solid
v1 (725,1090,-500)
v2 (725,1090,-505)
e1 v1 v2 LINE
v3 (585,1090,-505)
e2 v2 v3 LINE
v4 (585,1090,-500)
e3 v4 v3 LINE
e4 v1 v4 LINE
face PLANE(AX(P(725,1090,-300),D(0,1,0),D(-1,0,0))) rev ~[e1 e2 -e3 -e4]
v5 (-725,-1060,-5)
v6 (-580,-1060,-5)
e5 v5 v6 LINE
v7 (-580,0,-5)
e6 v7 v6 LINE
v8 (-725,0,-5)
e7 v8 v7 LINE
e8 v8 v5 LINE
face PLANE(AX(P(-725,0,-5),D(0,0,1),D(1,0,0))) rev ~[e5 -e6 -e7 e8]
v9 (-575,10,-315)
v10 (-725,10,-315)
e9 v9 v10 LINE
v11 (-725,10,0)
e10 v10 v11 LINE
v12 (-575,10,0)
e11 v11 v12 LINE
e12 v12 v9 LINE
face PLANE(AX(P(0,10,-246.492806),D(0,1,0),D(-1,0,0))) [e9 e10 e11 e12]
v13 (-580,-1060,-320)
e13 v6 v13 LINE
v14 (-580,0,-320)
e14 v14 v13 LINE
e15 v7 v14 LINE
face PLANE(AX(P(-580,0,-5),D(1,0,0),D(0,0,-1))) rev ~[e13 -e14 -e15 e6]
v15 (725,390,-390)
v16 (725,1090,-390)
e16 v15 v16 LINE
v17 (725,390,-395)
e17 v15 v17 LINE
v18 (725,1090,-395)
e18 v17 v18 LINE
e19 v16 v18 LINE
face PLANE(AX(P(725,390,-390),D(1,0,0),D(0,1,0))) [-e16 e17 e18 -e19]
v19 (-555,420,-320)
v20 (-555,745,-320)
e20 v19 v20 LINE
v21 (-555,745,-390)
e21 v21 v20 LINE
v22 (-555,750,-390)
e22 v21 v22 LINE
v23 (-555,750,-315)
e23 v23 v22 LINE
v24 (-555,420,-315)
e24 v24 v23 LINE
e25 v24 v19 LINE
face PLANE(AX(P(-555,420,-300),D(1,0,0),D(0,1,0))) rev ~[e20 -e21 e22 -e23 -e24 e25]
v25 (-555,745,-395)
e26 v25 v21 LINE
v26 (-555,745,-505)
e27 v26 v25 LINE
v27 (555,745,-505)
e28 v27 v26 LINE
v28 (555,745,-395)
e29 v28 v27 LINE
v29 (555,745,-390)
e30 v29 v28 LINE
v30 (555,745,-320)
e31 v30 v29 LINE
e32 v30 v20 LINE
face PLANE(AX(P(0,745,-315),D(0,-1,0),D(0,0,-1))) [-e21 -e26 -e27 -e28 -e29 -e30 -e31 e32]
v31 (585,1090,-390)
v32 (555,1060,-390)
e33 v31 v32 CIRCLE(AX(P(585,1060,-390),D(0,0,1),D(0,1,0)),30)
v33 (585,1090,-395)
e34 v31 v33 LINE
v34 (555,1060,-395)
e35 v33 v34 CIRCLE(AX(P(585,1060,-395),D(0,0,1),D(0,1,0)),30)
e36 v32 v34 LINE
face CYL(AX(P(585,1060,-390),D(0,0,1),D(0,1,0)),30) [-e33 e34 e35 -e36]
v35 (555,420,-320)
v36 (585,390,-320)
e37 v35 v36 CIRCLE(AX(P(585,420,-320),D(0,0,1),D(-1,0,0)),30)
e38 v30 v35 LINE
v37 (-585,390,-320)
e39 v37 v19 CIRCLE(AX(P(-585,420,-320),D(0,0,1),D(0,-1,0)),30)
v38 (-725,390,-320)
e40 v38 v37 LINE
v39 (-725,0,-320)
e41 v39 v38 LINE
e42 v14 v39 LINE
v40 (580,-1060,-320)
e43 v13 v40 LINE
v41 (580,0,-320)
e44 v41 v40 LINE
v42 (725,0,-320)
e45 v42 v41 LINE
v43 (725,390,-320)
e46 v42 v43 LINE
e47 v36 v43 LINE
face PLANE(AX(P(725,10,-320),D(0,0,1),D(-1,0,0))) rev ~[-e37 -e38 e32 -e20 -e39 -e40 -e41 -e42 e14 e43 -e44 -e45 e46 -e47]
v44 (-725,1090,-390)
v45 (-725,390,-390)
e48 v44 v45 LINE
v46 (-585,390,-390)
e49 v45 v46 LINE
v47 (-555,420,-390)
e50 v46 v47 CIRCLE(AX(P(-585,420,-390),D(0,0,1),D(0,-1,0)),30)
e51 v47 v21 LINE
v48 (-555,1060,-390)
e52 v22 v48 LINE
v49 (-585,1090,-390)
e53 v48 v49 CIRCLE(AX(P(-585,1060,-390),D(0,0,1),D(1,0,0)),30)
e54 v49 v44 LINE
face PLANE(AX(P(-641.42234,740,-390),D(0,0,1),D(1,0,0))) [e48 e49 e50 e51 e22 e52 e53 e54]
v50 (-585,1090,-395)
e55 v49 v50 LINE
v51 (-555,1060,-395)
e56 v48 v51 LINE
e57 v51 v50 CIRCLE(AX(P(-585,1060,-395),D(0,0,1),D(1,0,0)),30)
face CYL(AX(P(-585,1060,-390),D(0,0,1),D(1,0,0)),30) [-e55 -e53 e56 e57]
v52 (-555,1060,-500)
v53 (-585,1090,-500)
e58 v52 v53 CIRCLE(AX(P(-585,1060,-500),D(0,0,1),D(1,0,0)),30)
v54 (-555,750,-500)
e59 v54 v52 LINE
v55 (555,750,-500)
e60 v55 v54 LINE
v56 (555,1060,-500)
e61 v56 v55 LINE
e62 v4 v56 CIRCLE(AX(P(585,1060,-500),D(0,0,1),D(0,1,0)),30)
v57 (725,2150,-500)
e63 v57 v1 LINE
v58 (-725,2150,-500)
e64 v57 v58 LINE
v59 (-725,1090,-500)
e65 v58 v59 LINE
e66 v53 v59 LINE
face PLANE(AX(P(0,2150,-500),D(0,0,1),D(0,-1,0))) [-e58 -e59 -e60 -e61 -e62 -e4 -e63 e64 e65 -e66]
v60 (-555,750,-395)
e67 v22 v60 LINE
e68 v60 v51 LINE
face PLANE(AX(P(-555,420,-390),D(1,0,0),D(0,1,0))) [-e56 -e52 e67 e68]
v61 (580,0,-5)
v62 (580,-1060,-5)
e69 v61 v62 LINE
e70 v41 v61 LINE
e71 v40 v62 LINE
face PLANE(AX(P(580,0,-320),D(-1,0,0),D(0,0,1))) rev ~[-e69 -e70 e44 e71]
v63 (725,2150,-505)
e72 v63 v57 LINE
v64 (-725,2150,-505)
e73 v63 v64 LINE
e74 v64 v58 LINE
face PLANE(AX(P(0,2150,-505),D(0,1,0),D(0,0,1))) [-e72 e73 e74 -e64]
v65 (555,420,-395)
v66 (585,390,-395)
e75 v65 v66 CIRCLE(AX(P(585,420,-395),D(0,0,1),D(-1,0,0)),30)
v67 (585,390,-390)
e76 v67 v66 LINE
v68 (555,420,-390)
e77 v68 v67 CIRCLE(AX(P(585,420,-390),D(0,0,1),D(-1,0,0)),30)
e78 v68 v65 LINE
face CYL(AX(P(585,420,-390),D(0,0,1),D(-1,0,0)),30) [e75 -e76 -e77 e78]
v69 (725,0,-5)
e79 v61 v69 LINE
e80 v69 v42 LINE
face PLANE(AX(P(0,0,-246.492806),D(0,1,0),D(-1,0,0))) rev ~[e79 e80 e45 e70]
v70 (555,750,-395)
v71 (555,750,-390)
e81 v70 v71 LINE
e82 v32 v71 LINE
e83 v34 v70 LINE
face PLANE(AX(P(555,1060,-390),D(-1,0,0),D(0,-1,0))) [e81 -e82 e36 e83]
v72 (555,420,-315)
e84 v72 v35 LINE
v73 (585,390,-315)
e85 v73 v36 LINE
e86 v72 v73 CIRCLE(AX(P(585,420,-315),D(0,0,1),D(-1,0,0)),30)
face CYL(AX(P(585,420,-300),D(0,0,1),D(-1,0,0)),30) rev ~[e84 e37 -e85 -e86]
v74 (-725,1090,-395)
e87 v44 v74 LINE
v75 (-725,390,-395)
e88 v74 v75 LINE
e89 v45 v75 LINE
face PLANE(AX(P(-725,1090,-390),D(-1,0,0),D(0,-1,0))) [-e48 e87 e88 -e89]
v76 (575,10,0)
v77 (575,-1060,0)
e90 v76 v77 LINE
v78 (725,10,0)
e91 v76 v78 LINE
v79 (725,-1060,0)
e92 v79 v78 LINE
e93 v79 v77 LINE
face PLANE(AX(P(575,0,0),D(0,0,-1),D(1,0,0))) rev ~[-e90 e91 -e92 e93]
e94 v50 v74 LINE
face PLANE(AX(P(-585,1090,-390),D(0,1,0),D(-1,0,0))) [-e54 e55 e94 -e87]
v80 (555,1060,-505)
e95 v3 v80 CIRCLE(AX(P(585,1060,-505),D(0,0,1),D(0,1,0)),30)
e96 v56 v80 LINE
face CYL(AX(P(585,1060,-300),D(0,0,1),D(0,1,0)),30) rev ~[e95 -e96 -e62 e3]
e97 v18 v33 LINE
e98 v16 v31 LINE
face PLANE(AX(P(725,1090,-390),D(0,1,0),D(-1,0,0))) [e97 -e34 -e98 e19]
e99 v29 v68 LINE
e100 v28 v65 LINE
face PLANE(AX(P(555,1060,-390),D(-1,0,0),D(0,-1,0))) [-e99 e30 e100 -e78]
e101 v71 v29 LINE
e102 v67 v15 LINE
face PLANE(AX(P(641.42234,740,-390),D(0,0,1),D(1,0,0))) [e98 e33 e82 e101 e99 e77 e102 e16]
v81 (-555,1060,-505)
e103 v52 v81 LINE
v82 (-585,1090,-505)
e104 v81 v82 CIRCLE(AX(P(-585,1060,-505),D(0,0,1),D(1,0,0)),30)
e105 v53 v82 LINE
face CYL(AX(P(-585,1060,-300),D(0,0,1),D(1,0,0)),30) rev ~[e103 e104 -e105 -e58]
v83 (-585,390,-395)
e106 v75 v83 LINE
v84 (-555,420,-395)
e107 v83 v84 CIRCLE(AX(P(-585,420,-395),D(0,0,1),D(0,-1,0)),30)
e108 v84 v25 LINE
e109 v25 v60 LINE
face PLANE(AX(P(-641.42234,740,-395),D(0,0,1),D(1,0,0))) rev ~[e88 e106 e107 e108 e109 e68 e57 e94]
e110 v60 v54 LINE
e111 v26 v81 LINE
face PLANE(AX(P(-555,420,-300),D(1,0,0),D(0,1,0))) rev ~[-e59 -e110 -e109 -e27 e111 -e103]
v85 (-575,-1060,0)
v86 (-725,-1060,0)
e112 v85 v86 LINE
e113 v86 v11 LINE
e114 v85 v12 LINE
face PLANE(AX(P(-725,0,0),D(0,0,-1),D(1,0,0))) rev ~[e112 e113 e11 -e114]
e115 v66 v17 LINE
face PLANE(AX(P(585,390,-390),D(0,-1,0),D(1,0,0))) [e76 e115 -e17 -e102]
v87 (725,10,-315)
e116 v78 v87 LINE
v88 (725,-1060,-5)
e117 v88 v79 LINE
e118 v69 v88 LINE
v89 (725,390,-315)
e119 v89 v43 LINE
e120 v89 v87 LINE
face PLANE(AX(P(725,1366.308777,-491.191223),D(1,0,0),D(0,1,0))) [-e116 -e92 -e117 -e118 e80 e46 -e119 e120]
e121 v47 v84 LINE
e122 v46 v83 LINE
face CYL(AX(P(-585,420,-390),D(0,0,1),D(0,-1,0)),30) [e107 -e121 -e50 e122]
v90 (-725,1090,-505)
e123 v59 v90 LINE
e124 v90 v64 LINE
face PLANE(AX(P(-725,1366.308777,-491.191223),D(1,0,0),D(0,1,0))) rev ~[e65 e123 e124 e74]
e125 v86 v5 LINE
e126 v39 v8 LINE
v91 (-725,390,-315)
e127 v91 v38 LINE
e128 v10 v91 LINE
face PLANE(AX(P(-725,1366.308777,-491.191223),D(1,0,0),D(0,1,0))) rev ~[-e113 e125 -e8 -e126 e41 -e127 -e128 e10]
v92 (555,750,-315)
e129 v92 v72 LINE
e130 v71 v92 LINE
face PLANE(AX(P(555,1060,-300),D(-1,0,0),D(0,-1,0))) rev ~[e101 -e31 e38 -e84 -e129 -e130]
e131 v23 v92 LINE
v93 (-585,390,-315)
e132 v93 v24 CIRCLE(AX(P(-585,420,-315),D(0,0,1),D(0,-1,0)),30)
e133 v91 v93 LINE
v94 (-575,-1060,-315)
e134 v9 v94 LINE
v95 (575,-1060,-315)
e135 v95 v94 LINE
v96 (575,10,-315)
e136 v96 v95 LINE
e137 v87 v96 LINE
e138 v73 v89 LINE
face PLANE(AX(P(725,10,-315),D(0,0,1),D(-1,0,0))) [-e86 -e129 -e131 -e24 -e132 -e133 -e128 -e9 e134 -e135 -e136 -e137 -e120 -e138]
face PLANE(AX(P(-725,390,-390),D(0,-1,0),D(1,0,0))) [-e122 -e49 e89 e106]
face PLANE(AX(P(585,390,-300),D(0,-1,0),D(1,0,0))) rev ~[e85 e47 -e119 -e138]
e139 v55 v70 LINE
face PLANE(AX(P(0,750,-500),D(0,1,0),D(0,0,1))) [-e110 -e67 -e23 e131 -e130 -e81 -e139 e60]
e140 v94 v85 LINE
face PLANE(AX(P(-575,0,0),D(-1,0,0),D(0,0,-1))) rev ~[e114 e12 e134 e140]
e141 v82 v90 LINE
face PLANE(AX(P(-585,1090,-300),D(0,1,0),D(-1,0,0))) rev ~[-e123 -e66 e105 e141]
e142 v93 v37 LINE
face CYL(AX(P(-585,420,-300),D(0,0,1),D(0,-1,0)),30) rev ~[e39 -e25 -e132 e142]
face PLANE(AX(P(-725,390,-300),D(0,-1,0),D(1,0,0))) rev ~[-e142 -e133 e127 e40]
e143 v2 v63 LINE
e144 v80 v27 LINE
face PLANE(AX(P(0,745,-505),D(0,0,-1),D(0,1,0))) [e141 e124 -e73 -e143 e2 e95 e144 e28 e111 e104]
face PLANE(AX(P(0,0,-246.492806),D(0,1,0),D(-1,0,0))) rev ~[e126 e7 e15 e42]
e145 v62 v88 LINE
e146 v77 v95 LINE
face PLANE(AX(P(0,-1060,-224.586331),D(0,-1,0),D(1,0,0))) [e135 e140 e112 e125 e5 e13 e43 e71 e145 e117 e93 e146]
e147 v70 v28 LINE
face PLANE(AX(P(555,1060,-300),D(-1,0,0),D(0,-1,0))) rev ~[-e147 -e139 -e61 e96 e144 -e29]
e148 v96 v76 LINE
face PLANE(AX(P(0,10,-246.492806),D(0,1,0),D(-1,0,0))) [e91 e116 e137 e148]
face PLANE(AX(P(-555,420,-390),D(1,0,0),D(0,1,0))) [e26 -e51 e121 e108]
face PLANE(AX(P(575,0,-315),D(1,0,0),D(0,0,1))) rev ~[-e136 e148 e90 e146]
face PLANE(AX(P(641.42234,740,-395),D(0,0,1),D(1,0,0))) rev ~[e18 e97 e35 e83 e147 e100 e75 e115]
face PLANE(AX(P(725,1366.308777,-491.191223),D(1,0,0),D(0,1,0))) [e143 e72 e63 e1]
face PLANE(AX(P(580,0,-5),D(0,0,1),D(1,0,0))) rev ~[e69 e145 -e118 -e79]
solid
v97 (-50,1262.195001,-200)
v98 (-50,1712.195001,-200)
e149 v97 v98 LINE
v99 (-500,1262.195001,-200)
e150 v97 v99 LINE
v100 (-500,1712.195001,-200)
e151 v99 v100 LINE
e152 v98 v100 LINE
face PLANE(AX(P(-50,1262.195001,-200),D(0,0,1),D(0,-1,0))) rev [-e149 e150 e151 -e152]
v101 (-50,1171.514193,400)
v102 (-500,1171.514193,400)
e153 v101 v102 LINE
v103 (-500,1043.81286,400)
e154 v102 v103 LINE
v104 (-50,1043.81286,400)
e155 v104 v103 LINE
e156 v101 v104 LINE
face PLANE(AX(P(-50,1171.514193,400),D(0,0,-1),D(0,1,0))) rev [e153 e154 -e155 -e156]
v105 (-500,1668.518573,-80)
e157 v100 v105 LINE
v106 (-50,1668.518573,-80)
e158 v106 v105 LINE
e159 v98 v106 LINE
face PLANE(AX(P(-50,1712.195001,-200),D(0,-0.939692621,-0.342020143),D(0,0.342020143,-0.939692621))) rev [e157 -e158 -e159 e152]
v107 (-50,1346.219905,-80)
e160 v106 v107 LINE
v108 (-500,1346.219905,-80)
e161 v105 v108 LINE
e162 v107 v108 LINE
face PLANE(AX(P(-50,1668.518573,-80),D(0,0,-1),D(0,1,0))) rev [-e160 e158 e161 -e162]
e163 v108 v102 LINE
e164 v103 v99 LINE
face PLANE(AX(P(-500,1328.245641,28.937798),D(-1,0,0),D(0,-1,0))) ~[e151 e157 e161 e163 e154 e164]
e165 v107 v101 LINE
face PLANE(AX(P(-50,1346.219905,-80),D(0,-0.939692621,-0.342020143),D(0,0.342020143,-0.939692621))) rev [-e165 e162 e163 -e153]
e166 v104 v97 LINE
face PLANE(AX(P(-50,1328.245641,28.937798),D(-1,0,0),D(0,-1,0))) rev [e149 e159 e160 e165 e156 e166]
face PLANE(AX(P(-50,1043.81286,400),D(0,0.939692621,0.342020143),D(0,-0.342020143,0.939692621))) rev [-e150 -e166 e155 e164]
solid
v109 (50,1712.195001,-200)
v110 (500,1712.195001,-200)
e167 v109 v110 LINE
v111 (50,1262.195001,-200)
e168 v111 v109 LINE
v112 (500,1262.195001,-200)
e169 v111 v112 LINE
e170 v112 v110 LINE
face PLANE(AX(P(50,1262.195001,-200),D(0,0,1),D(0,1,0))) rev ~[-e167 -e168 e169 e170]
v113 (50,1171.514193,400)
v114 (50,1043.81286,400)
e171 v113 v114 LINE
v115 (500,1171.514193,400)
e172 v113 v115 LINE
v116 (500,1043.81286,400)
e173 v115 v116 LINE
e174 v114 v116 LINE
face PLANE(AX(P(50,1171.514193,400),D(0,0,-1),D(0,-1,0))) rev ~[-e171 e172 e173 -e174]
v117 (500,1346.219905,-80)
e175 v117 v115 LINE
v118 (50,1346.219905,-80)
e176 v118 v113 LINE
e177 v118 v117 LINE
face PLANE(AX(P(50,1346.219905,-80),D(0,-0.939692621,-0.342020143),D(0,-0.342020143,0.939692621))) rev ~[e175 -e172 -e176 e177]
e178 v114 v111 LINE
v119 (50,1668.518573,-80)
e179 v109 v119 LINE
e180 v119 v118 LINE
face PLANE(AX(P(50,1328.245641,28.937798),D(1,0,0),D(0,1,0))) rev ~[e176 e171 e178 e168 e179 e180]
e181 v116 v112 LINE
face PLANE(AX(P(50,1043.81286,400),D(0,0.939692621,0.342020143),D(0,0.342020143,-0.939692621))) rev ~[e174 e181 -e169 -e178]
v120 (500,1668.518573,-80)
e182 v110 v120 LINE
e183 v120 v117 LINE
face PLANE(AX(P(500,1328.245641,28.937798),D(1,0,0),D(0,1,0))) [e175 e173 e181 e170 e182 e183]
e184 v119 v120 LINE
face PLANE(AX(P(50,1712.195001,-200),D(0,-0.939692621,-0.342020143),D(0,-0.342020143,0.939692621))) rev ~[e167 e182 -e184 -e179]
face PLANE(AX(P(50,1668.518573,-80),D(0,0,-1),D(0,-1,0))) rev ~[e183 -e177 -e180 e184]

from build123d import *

# Parameters (mm, degrees)
F3_DEPTH       = 1060
F5_DEPTH       = 10
F6_W           = 1450
F6_H           = 5
F7_DEPTH       = 740
F12_DEPTH      = 725
F12_DEPTH_BACK = 725
F14_DEPTH      = 205
F15_START      = -90
F15_DEPTH      = 5
F17_START      = 50
F17_DEPTH      = 450


with BuildPart() as f3:
    # F2 (on Front) → F3 (new body)
    with BuildSketch(Plane.XZ):
        Polygon((-575, 0), (-725, 0), (-725, -5), (-580, -5), (-580, -320), (0, -320), (580, -320), (580, -5), (725, -5), (725, 0), (575, 0), (575, -315), (0, -315), (-575, -315), align=None)
    extrude(amount=F3_DEPTH)

    # F4 (on face) → F5 (join)
    with BuildSketch(Plane(origin=(0, 0, 0), x_dir=(-1, 0, 0), z_dir=(0, 1, 0))):
        Polygon((-575, 0), (-725, 0), (-725, -320), (725, -320), (725, 0), (575, 0), (575, -315), (-575, -315), align=None)
    extrude(amount=F5_DEPTH)

    # F6 (on face) → F7 (join, through all)
    with BuildSketch(Plane(origin=(0, 10, 0), x_dir=(-1, 0, 0), z_dir=(0, 1, 0))):
        with Locations((0, -317.5)):
            Rectangle(F6_W, F6_H)
    extrude(amount=F7_DEPTH)

    # F10 (on Right) → F12 (join, two sides)
    with BuildSketch(Plane.YZ) as f12_sk:
        Polygon((750, -500), (750, -315), (745, -315), (745, -505), (2150, -505), (2150, -500), align=None)
    extrude(amount=F12_DEPTH)
    extrude(f12_sk.sketch, amount=-F12_DEPTH_BACK)

    # F13 (on offset) → F14 (cut, through all)
    with BuildSketch(Plane.XY.offset(-300)):
        with BuildLine():
            Line((585, 390), (725, 390))
            Line((725, 390), (725, 1090))
            Line((725, 1090), (585, 1090))
            ThreePointArc((585, 1090), (563.7867965644, 1081.2132034356), (555, 1060))
            Line((555, 1060), (555, 420))
            ThreePointArc((555, 420), (563.7867965644, 398.7867965644), (585, 390))
        make_face()
        with BuildLine():
            ThreePointArc((-555, 1060), (-563.7867965644, 1081.2132034356), (-585, 1090))
            Line((-585, 1090), (-725, 1090))
            Line((-725, 1090), (-725, 390))
            Line((-725, 390), (-585, 390))
            ThreePointArc((-585, 390), (-563.7867965644, 398.7867965644), (-555, 420))
            Line((-555, 420), (-555, 1060))
        make_face()
    extrude(amount=-F14_DEPTH, mode=Mode.SUBTRACT)

    # F13 (on offset) → F15 (join)
    with BuildSketch(Plane.XY.offset(-300).offset(F15_START)):
        with BuildLine():
            Line((585, 390), (725, 390))
            Line((725, 390), (725, 1090))
            Line((725, 1090), (585, 1090))
            ThreePointArc((585, 1090), (563.7867965644, 1081.2132034356), (555, 1060))
            Line((555, 1060), (555, 420))
            ThreePointArc((555, 420), (563.7867965644, 398.7867965644), (585, 390))
        make_face()
        with BuildLine():
            ThreePointArc((-555, 1060), (-563.7867965644, 1081.2132034356), (-585, 1090))
            Line((-585, 1090), (-725, 1090))
            Line((-725, 1090), (-725, 390))
            Line((-725, 390), (-585, 390))
            ThreePointArc((-585, 390), (-563.7867965644, 398.7867965644), (-555, 420))
            Line((-555, 420), (-555, 1060))
        make_face()
    extrude(amount=-F15_DEPTH)


with BuildPart() as f17:
    # F16 (on Right) → F17 (new body)
    with BuildSketch(Plane.YZ.offset(F17_START)):
        Polygon((1171.5141930266, 400), (1043.8128603295, 400), (1262.1950008892, -200), (1712.1950008892, -200), (1668.5185727773, -80), (1346.2199054744, -80), align=None)
    extrude(amount=F17_DEPTH)


with BuildPart() as f18_1:
    # F18: instance of F17
    add(f17.part.mirror(Plane.YZ))


solid = Compound([f3.part, f17.part, f18_1.part])
